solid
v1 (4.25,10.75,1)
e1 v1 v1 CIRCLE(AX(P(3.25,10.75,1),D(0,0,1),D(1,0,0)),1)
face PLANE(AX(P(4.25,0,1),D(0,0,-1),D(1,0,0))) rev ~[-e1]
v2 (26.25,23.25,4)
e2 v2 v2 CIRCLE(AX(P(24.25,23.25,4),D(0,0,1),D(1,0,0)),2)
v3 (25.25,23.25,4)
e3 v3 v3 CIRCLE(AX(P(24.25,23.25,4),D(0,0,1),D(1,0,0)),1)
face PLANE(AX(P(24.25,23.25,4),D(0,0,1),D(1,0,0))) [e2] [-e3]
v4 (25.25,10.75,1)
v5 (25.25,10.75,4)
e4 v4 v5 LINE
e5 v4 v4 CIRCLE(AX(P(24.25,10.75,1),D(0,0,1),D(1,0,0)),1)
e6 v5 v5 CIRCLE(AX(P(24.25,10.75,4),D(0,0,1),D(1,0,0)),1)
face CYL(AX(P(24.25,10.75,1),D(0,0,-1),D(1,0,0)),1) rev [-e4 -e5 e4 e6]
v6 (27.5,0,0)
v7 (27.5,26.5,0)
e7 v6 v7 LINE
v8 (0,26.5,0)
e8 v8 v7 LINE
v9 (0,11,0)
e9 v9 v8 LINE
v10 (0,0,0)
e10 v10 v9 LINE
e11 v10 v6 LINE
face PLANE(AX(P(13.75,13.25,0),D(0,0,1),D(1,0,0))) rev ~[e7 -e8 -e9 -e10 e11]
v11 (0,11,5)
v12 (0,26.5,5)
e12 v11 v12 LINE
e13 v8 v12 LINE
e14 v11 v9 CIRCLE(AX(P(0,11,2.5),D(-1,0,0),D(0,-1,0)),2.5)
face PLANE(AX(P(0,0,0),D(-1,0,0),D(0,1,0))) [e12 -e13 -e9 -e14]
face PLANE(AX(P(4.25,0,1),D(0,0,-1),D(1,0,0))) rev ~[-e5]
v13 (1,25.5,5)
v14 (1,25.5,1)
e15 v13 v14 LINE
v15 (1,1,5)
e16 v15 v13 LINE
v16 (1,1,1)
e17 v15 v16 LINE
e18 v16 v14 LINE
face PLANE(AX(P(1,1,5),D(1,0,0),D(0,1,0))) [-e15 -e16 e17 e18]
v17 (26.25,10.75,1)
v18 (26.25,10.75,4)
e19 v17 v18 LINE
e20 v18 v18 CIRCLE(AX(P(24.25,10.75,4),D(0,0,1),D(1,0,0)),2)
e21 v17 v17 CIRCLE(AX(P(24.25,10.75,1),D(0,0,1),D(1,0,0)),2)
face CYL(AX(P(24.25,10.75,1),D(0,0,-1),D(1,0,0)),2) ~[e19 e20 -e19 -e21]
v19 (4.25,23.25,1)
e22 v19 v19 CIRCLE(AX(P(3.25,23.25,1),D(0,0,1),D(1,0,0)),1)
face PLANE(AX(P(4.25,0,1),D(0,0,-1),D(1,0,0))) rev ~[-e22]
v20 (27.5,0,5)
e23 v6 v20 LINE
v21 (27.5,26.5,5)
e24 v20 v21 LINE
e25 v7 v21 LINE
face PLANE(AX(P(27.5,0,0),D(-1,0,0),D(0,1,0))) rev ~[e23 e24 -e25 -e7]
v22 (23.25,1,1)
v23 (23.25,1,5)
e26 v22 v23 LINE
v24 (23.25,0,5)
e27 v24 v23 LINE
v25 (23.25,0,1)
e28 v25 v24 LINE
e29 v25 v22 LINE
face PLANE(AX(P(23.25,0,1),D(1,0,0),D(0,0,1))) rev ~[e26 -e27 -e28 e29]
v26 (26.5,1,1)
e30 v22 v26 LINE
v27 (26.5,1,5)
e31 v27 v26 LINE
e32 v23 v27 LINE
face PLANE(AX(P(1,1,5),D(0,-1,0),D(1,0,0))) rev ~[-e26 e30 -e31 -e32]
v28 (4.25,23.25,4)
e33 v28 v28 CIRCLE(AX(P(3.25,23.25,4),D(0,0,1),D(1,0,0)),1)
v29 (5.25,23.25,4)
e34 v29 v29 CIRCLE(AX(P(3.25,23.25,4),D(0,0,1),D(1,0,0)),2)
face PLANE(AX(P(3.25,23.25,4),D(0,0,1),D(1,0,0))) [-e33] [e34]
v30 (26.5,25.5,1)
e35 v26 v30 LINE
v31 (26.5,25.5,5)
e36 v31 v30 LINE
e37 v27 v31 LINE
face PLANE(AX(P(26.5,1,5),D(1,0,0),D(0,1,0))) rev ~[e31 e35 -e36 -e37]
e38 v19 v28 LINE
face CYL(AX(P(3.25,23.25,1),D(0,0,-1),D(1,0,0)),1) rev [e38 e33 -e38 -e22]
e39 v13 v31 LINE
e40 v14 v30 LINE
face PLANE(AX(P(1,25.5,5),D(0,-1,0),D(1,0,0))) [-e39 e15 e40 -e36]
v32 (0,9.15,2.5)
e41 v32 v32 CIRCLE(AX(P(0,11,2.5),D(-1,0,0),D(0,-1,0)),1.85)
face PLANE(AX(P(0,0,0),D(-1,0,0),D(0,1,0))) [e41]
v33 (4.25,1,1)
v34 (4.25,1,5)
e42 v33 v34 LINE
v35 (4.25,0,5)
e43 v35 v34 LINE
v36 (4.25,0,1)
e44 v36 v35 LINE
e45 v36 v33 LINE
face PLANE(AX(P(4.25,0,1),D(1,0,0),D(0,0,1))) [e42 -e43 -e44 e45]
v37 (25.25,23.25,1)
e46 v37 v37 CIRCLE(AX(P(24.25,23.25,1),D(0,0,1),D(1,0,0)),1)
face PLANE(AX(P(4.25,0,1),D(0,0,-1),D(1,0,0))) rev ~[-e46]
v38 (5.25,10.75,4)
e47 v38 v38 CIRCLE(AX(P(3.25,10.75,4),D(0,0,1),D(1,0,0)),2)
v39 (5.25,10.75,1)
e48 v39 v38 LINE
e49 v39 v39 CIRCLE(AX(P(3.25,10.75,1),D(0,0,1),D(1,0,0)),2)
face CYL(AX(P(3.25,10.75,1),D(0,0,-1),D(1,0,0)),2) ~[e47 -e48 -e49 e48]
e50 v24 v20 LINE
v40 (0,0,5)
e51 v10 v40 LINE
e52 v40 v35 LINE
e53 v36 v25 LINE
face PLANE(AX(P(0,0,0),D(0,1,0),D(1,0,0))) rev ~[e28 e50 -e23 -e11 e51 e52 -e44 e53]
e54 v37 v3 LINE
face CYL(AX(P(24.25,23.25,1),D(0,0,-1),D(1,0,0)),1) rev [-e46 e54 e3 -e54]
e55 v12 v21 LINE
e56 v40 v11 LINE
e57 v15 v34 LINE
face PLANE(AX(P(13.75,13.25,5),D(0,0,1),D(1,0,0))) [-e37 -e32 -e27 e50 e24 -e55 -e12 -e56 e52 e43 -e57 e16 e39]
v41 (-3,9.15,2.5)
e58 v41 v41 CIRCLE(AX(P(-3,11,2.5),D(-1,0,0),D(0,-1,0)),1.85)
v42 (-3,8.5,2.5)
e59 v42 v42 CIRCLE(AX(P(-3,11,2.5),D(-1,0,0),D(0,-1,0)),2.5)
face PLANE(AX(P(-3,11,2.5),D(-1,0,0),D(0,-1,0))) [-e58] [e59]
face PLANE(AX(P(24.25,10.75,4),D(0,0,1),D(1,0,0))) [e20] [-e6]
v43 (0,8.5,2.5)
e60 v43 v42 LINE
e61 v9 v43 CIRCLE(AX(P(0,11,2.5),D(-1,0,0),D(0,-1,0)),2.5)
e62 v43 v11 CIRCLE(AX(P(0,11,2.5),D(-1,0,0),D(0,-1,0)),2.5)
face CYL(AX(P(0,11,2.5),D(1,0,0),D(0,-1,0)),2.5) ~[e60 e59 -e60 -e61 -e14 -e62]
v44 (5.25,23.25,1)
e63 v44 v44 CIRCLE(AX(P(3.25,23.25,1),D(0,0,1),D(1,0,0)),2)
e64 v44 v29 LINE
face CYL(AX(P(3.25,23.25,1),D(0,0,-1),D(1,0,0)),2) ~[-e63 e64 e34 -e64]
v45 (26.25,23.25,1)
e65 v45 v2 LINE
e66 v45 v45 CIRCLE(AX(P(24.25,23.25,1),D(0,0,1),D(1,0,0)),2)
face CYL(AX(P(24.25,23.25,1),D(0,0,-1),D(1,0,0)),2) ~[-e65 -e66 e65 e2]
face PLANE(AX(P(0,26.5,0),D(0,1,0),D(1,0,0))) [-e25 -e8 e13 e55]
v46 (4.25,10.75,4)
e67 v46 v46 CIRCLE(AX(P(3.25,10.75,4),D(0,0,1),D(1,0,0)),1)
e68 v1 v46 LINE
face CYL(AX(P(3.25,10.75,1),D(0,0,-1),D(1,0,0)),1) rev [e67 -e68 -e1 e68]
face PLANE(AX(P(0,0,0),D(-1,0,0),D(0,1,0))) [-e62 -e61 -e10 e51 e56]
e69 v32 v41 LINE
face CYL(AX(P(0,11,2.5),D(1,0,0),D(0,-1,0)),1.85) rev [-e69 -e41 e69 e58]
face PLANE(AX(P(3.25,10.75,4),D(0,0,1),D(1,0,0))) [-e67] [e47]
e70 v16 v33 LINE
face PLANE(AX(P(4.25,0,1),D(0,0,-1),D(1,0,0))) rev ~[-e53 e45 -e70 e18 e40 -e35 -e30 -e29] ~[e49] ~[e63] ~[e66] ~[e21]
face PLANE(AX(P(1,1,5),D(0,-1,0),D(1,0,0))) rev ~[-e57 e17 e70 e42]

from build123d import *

# Parameters (mm, degrees)
SKETCH_W        = 27.5
SKETCH_H        = 26.5
PAD_DEPTH       = 5
SKETCH001_W     = 25.5
SKETCH001_H     = 24.5
POCKET_DEPTH    = 4
SKETCH002_W     = 19
SKETCH002_H     = 4
POCKET001_DEPTH = 1
SKETCH003_R     = 2
SKETCH003_R_2   = 1
PAD001_DEPTH    = 3
SKETCH004_R     = 2.5
SKETCH004_R_2   = 1.85
PAD002_DEPTH    = 3


with BuildPart() as part:
    # Sketch → Pad (new body)
    with BuildSketch(Plane.XY):
        with Locations((13.75, 13.25)):
            Rectangle(SKETCH_W, SKETCH_H)
    extrude(amount=PAD_DEPTH)

    # Sketch001 → Pocket (cut)
    with BuildSketch(Plane.XY.offset(5)):
        with Locations((13.75, 13.25)):
            Rectangle(SKETCH001_W, SKETCH001_H)
    extrude(amount=-POCKET_DEPTH, mode=Mode.SUBTRACT)

    # Sketch002 → Pocket001 (cut)
    with BuildSketch(Plane.XZ):
        with Locations((13.75, 3)):
            Rectangle(SKETCH002_W, SKETCH002_H)
    extrude(amount=-POCKET001_DEPTH, mode=Mode.SUBTRACT)

    # Sketch003 → Pad001 (new body)
    with BuildSketch(Plane.XY.offset(1)):
        with Locations((24.25, 10.75)):
            Circle(SKETCH003_R)
        with Locations((24.25, 10.75)):
            Circle(SKETCH003_R_2, mode=Mode.SUBTRACT)
        with Locations((3.25, 10.75)):
            Circle(SKETCH003_R)
        with Locations((3.25, 10.75)):
            Circle(SKETCH003_R_2, mode=Mode.SUBTRACT)
        with Locations((3.25, 23.25)):
            Circle(SKETCH003_R)
        with Locations((3.25, 23.25)):
            Circle(SKETCH003_R_2, mode=Mode.SUBTRACT)
        with Locations((24.25, 23.25)):
            Circle(SKETCH003_R)
        with Locations((24.25, 23.25)):
            Circle(SKETCH003_R_2, mode=Mode.SUBTRACT)
    extrude(amount=PAD001_DEPTH)

    # Sketch004 → Pad002 (new body)
    with BuildSketch(Plane(origin=(0, 0, 0), x_dir=(0, -1, 0), z_dir=(-1, 0, 0))):
        with Locations((-11, 2.5)):
            Circle(SKETCH004_R)
        with Locations((-11, 2.5)):
            Circle(SKETCH004_R_2, mode=Mode.SUBTRACT)
    extrude(amount=PAD002_DEPTH)


solid = part.part
